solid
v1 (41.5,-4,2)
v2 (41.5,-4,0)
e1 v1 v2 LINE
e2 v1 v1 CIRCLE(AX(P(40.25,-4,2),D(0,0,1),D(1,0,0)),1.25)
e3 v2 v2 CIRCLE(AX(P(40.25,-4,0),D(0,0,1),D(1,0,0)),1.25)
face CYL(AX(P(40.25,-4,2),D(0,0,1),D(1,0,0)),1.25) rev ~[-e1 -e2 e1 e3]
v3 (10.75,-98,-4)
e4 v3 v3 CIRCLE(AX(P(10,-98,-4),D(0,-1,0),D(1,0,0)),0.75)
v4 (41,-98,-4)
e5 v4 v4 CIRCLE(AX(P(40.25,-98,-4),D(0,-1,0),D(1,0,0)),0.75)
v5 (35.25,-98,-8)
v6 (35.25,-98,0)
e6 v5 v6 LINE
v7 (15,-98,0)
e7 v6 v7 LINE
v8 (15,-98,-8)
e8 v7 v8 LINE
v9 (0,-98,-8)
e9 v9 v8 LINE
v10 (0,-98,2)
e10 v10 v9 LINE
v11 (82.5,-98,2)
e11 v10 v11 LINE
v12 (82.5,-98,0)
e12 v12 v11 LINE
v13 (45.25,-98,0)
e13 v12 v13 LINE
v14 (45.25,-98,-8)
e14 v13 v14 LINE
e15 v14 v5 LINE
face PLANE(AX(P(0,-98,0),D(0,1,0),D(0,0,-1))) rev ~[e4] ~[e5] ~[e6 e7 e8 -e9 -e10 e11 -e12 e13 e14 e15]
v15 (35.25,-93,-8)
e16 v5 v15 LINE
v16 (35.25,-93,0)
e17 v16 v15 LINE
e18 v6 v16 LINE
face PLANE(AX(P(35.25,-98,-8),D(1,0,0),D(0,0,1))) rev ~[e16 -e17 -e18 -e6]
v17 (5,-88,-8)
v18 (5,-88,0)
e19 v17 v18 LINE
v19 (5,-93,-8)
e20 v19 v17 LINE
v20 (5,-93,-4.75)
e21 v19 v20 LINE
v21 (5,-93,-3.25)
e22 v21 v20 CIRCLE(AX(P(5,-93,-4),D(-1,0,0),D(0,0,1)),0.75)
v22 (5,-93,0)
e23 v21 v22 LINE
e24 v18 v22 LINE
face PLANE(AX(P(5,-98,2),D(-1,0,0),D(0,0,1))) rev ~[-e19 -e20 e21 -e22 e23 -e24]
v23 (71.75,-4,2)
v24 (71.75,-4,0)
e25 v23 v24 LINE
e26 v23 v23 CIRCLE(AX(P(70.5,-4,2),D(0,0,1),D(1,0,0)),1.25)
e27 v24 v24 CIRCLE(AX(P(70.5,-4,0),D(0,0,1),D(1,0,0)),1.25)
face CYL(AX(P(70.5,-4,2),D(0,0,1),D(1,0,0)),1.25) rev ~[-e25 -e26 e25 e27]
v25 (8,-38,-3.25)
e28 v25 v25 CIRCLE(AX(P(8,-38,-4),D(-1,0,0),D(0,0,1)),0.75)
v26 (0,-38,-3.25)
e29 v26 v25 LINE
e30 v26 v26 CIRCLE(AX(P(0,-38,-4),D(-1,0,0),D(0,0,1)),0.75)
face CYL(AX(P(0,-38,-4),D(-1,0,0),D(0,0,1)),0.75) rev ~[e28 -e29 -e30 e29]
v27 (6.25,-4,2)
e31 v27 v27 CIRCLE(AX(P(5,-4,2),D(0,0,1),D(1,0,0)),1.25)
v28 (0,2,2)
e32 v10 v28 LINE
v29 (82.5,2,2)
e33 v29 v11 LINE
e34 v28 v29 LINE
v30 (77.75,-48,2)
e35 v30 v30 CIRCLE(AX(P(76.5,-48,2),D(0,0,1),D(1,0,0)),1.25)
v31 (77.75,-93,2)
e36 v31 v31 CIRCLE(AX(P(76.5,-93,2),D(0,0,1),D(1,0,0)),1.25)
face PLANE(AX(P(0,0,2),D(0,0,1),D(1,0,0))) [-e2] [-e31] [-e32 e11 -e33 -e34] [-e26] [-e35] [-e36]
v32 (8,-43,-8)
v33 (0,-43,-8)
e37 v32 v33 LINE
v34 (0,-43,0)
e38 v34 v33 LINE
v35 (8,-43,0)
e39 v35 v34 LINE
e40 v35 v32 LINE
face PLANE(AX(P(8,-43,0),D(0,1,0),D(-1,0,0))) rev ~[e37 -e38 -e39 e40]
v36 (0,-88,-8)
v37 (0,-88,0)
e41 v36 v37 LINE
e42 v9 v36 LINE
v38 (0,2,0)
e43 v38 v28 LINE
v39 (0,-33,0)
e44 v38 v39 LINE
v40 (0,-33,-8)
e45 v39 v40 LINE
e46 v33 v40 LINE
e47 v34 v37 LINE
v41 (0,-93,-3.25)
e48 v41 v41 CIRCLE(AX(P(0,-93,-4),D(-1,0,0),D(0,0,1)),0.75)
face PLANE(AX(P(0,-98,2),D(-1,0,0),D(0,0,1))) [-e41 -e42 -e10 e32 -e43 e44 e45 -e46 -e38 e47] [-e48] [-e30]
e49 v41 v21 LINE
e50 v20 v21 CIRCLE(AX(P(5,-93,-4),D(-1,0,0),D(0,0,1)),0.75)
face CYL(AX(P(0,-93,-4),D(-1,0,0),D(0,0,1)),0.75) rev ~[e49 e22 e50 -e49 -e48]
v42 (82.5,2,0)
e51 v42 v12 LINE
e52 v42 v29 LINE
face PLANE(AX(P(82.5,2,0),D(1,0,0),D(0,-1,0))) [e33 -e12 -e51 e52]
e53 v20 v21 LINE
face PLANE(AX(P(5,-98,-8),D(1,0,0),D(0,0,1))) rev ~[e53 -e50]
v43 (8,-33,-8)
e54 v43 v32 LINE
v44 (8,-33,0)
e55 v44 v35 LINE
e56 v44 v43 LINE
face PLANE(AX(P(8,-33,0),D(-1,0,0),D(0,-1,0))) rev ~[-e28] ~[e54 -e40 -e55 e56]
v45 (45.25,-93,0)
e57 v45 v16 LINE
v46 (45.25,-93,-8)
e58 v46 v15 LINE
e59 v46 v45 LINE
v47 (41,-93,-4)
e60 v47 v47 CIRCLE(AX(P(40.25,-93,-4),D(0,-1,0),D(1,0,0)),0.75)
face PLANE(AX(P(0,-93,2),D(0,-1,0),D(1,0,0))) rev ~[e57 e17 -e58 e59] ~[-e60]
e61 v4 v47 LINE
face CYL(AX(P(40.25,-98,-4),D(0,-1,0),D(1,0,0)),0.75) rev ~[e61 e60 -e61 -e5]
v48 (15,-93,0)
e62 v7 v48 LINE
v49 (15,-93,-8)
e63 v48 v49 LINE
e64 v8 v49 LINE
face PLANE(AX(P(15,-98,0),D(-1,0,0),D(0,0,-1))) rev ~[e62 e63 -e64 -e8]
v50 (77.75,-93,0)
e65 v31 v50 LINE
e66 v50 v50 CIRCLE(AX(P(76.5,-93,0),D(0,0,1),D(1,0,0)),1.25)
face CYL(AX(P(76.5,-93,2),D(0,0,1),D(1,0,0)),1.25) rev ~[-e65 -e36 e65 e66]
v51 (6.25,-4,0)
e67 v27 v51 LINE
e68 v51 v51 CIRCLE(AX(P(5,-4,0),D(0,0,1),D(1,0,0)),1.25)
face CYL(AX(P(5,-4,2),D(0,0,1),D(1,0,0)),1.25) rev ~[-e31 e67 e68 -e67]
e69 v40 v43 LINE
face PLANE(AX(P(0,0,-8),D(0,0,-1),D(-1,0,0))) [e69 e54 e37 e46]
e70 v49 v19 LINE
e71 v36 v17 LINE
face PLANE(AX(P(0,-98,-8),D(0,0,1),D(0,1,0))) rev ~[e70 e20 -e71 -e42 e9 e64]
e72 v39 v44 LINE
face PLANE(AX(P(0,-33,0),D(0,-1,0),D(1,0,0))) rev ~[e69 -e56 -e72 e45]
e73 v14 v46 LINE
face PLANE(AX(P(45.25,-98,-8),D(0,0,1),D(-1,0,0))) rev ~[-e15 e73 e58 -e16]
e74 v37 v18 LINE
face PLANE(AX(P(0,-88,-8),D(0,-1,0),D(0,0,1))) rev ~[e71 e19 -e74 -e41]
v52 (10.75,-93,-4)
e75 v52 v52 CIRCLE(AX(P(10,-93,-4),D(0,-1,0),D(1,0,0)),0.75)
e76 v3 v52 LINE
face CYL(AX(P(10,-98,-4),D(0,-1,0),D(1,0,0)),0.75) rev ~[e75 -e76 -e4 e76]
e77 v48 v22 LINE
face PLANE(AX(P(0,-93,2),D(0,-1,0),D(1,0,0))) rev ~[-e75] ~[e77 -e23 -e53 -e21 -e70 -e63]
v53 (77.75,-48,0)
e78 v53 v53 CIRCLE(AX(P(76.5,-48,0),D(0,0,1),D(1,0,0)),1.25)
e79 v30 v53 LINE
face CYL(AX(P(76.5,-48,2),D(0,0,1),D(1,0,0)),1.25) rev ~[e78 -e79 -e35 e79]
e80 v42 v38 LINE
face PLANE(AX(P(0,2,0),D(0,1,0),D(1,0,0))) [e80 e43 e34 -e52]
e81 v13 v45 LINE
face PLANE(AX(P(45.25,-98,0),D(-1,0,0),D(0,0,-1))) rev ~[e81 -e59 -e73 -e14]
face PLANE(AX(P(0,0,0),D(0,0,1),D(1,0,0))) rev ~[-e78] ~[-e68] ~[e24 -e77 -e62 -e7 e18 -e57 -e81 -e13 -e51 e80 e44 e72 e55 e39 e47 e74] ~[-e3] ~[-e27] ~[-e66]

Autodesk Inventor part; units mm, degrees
ref_plane "YZ Plane" through (0, 0, 0) normal (1, 0, 0) x (0, 1, 0)
ref_plane "XZ Plane" through (0, 0, 0) normal (0, 1, 0) x (-1, 0, 0)
ref_plane "XY Plane" through (0, 0, 0) normal (0, 0, 1) x (1, 0, 0)
ref_plane "Work Plane1" through (0, 0, 0) normal (0, 0, 1) x (1, 0, 0)
sketch "Sketch1" plane through (0, 0, 0) normal (0, 0, 1) x (1, 0, 0)
  line L0 (0, 2) -> (80.5, 2) projected
  line L1 (0, -8) -> (0, 2) projected
  line L2 (82.5, 2) -> (82.5, -98) projected
  line L3 (82.5, -98) -> (72.5, -98) projected
  circle A0 centre (76.5, -93) radius 0.75 projected
  circle A1 centre (76.5, -48) radius 0.75 projected
  circle A2 centre (70.5, -4) radius 0.75 projected
  circle A3 centre (40.25, -4) radius 0.75 projected
  circle A4 centre (5, -4) radius 0.75 projected
  line L4 (0, 2) -> (82.5, 2)
  line L5 (82.5, 2) -> (82.5, -98)
  line L6 (82.5, -98) -> (0, -98)
  line L7 (0, -98) -> (0, 2)
  point P0 (0, 0)
extrude "Extrusion1" add sketch "Sketch1" along normal blind 2
sketch "Sketch2" plane through (0, 0, 2) normal (0, 0, 1) x (1, 0, 0)
  circle A0 centre (76.5, -93) radius 0.75 projected
  circle A1 centre (76.5, -93) radius 1.25
  circle A2 centre (76.5, -48) radius 0.75 projected
  circle A3 centre (76.5, -48) radius 1.25
  circle A4 centre (70.5, -4) radius 0.75 projected
  circle A5 centre (70.5, -4) radius 1.25
  circle A6 centre (40.25, -4) radius 0.75 projected
  circle A7 centre (40.25, -4) radius 1.25
  circle A8 centre (5, -4) radius 0.75 projected
  circle A9 centre (5, -4) radius 1.25
  point P0 (0, 0)
  dimension "d2" = 2.5
  dimension "d3" = 2.5
  dimension "d4" = 2.5
  dimension "d5" = 2.5
  dimension "d6" = 2.5
extrude "Extrusion2" cut sketch "Sketch2" against normal blind 2
sketch "Sketch3" plane through (0, -98, 0) normal (-1, 0, 0) x (0, 0, 1)
  line L0 (0, 45) -> (-5, 45) projected
  line L1 (0, 55) -> (-5, 55) projected
  line L2 (0, 45) -> (-8, 45)
  line L3 (-8, 45) -> (-8, 55)
  line L4 (-8, 55) -> (0, 55)
  line L5 (0, 55) -> (0, 45)
  circle A0 centre (-4, 50) radius 0.75
  point P0 (0, 98)
  dimension "d9" = 8
  dimension "d10" = 10
  dimension "d11" = 8
  dimension "d13" = 1.5
extrude "Extrusion3" add sketch "Sketch3" against normal blind 5
sketch "Sketch4" plane through (0, -98, 2) normal (-1, 0, 0) x (0, 0, 1)
  line L0 (-2, 0) -> (0, 0) projected
  line L1 (-2, 0) -> (-10, 0)
  line L2 (-10, 0) -> (-10, 10)
  line L3 (-10, 10) -> (-2, 10)
  line L4 (-2, 10) -> (-2, 0)
  circle A0 centre (-6, 5) radius 0.75
  point P0 (-2, 98)
  dimension "d16" = 8
  dimension "d17" = 10
  dimension "d19" = 1.5
extrude "Extrusion4" add sketch "Sketch4" against normal blind 5
sketch "Sketch5" plane through (0, -98, 2) normal (0, -1, 0) x (1, 0, 0)
  line L0 (82.5, -2) -> (5, -2) projected
  line L1 (5, -2) -> (15, -2)
  line L2 (15, -2) -> (15, -10)
  line L3 (15, -10) -> (5, -10)
  line L4 (5, -10) -> (5, -2)
  circle A0 centre (10, -6) radius 0.75
  line L5 (45.25, -2) -> (45.25, -7) projected
  line L6 (35.25, -2) -> (35.25, -7) projected
  line L7 (35.25, -2) -> (45.25, -2)
  line L8 (45.25, -2) -> (45.25, -10)
  line L9 (45.25, -10) -> (35.25, -10)
  line L10 (35.25, -10) -> (35.25, -2)
  circle A1 centre (40.25, -6) radius 0.75
  point P0 (0, -2)
  dimension "d22" = 10
  dimension "d23" = 8
  dimension "d25" = 1.5
  dimension "d27" = 1.5
extrude "Extrusion5" add sketch "Sketch5" against normal blind 5
sketch "Sketch6" plane through (0, 0, 2) normal (0, 0, 1) x (1, 0, 0)
  point P0 (0, 0)
sketch "Sketch7" plane through (0, 0, 2) normal (0, 0, 1) x (1, 0, 0)
  point P0 (0, 0)
sketch "Sketch8" plane through (0, -53, -8) normal (0, 0, -1) x (-1, 0, 0)
  line L0 (-5, 10) -> (0, 10) projected
  line L1 (0, 0) -> (0, 10) projected
  line L2 (-5, 10) -> (0, 10)
  line L3 (0, 10) -> (0, 0)
  line L4 (0, 0) -> (-5, 0)
  line L5 (-5, 0) -> (-5, 10)
  point P0 (0, 53)
extrude "Extrusion6" cut sketch "Sketch8" against normal blind 8
sketch "Sketch9" plane through (0, 0, 0) normal (0, 0, -1) x (-1, 0, 0)
  circle A0 centre (-76.5, -48) radius 1.25 projected
  line L0 (0, 2) -> (0, -98) projected
  line L1 (0, -53) -> (0, -63)
  line L2 (0, -63) -> (-8, -63)
  line L3 (-8, -63) -> (-8, -53)
  line L4 (-8, -53) -> (0, -53)
  point P0 (0, 0)
  dimension "d33" = 10
  dimension "d34" = 8
  dimension "d35" = 10
extrude "Extrusion7" add sketch "Sketch9" along normal blind 8 contours L0 L2 L3 L4
sketch "Sketch10" plane through (0, 0, -8) normal (0, 0, -1) x (-1, 0, 0)
  line L0 (0, -88) -> (0, -63) projected
  line L1 (-8, -53) -> (0, -53)
  line L2 (0, -53) -> (0, -63)
  line L3 (0, -63) -> (-8, -63)
  line L4 (-8, -63) -> (-8, -53)
  point P0 (0, 0)
extrude "Extrusion8" cut sketch "Sketch10" against normal blind 8
sketch "Sketch11" plane through (0, 0, 0) normal (0, 0, -1) x (-1, 0, 0)
  circle A0 centre (-76.5, -48) radius 1.25 projected
  line L0 (0, -48) -> (0, -33)
  line L1 (0, 2) -> (0, -98) projected
  line L2 (0, -33) -> (-8, -33)
  line L3 (-8, -33) -> (-8, -43)
  line L4 (-8, -43) -> (0, -43)
  point P0 (0, 0)
  dimension "d42" = 15
  dimension "d43" = 8
  dimension "d44" = 10
extrude "Extrusion9" add sketch "Sketch11" along normal blind 8 contours L4 L3 L2 L0
sketch "Sketch12" plane through (0, 0, -8) normal (0, 0, -1) x (-1, 0, 0)
  point P0 (0, 0)
sketch "Sketch13" plane through (0, -98, 2) normal (-1, 0, 0) x (0, 0, 1)
  point P0 (-2, 98)
sketch "Sketch14" plane through (0, -98, 2) normal (-1, 0, 0) x (0, 0, 1)
  line L0 (-10, 65) -> (-10, 55) projected
  circle A0 centre (-6, 60) radius 0.75
  point P0 (-2, 98)
  dimension "d50" = 1.5
extrude "Extrusion10" cut sketch "Sketch14" against normal blind 8
properties part number "Lado izquierdo" material "Nylon 6/6"
